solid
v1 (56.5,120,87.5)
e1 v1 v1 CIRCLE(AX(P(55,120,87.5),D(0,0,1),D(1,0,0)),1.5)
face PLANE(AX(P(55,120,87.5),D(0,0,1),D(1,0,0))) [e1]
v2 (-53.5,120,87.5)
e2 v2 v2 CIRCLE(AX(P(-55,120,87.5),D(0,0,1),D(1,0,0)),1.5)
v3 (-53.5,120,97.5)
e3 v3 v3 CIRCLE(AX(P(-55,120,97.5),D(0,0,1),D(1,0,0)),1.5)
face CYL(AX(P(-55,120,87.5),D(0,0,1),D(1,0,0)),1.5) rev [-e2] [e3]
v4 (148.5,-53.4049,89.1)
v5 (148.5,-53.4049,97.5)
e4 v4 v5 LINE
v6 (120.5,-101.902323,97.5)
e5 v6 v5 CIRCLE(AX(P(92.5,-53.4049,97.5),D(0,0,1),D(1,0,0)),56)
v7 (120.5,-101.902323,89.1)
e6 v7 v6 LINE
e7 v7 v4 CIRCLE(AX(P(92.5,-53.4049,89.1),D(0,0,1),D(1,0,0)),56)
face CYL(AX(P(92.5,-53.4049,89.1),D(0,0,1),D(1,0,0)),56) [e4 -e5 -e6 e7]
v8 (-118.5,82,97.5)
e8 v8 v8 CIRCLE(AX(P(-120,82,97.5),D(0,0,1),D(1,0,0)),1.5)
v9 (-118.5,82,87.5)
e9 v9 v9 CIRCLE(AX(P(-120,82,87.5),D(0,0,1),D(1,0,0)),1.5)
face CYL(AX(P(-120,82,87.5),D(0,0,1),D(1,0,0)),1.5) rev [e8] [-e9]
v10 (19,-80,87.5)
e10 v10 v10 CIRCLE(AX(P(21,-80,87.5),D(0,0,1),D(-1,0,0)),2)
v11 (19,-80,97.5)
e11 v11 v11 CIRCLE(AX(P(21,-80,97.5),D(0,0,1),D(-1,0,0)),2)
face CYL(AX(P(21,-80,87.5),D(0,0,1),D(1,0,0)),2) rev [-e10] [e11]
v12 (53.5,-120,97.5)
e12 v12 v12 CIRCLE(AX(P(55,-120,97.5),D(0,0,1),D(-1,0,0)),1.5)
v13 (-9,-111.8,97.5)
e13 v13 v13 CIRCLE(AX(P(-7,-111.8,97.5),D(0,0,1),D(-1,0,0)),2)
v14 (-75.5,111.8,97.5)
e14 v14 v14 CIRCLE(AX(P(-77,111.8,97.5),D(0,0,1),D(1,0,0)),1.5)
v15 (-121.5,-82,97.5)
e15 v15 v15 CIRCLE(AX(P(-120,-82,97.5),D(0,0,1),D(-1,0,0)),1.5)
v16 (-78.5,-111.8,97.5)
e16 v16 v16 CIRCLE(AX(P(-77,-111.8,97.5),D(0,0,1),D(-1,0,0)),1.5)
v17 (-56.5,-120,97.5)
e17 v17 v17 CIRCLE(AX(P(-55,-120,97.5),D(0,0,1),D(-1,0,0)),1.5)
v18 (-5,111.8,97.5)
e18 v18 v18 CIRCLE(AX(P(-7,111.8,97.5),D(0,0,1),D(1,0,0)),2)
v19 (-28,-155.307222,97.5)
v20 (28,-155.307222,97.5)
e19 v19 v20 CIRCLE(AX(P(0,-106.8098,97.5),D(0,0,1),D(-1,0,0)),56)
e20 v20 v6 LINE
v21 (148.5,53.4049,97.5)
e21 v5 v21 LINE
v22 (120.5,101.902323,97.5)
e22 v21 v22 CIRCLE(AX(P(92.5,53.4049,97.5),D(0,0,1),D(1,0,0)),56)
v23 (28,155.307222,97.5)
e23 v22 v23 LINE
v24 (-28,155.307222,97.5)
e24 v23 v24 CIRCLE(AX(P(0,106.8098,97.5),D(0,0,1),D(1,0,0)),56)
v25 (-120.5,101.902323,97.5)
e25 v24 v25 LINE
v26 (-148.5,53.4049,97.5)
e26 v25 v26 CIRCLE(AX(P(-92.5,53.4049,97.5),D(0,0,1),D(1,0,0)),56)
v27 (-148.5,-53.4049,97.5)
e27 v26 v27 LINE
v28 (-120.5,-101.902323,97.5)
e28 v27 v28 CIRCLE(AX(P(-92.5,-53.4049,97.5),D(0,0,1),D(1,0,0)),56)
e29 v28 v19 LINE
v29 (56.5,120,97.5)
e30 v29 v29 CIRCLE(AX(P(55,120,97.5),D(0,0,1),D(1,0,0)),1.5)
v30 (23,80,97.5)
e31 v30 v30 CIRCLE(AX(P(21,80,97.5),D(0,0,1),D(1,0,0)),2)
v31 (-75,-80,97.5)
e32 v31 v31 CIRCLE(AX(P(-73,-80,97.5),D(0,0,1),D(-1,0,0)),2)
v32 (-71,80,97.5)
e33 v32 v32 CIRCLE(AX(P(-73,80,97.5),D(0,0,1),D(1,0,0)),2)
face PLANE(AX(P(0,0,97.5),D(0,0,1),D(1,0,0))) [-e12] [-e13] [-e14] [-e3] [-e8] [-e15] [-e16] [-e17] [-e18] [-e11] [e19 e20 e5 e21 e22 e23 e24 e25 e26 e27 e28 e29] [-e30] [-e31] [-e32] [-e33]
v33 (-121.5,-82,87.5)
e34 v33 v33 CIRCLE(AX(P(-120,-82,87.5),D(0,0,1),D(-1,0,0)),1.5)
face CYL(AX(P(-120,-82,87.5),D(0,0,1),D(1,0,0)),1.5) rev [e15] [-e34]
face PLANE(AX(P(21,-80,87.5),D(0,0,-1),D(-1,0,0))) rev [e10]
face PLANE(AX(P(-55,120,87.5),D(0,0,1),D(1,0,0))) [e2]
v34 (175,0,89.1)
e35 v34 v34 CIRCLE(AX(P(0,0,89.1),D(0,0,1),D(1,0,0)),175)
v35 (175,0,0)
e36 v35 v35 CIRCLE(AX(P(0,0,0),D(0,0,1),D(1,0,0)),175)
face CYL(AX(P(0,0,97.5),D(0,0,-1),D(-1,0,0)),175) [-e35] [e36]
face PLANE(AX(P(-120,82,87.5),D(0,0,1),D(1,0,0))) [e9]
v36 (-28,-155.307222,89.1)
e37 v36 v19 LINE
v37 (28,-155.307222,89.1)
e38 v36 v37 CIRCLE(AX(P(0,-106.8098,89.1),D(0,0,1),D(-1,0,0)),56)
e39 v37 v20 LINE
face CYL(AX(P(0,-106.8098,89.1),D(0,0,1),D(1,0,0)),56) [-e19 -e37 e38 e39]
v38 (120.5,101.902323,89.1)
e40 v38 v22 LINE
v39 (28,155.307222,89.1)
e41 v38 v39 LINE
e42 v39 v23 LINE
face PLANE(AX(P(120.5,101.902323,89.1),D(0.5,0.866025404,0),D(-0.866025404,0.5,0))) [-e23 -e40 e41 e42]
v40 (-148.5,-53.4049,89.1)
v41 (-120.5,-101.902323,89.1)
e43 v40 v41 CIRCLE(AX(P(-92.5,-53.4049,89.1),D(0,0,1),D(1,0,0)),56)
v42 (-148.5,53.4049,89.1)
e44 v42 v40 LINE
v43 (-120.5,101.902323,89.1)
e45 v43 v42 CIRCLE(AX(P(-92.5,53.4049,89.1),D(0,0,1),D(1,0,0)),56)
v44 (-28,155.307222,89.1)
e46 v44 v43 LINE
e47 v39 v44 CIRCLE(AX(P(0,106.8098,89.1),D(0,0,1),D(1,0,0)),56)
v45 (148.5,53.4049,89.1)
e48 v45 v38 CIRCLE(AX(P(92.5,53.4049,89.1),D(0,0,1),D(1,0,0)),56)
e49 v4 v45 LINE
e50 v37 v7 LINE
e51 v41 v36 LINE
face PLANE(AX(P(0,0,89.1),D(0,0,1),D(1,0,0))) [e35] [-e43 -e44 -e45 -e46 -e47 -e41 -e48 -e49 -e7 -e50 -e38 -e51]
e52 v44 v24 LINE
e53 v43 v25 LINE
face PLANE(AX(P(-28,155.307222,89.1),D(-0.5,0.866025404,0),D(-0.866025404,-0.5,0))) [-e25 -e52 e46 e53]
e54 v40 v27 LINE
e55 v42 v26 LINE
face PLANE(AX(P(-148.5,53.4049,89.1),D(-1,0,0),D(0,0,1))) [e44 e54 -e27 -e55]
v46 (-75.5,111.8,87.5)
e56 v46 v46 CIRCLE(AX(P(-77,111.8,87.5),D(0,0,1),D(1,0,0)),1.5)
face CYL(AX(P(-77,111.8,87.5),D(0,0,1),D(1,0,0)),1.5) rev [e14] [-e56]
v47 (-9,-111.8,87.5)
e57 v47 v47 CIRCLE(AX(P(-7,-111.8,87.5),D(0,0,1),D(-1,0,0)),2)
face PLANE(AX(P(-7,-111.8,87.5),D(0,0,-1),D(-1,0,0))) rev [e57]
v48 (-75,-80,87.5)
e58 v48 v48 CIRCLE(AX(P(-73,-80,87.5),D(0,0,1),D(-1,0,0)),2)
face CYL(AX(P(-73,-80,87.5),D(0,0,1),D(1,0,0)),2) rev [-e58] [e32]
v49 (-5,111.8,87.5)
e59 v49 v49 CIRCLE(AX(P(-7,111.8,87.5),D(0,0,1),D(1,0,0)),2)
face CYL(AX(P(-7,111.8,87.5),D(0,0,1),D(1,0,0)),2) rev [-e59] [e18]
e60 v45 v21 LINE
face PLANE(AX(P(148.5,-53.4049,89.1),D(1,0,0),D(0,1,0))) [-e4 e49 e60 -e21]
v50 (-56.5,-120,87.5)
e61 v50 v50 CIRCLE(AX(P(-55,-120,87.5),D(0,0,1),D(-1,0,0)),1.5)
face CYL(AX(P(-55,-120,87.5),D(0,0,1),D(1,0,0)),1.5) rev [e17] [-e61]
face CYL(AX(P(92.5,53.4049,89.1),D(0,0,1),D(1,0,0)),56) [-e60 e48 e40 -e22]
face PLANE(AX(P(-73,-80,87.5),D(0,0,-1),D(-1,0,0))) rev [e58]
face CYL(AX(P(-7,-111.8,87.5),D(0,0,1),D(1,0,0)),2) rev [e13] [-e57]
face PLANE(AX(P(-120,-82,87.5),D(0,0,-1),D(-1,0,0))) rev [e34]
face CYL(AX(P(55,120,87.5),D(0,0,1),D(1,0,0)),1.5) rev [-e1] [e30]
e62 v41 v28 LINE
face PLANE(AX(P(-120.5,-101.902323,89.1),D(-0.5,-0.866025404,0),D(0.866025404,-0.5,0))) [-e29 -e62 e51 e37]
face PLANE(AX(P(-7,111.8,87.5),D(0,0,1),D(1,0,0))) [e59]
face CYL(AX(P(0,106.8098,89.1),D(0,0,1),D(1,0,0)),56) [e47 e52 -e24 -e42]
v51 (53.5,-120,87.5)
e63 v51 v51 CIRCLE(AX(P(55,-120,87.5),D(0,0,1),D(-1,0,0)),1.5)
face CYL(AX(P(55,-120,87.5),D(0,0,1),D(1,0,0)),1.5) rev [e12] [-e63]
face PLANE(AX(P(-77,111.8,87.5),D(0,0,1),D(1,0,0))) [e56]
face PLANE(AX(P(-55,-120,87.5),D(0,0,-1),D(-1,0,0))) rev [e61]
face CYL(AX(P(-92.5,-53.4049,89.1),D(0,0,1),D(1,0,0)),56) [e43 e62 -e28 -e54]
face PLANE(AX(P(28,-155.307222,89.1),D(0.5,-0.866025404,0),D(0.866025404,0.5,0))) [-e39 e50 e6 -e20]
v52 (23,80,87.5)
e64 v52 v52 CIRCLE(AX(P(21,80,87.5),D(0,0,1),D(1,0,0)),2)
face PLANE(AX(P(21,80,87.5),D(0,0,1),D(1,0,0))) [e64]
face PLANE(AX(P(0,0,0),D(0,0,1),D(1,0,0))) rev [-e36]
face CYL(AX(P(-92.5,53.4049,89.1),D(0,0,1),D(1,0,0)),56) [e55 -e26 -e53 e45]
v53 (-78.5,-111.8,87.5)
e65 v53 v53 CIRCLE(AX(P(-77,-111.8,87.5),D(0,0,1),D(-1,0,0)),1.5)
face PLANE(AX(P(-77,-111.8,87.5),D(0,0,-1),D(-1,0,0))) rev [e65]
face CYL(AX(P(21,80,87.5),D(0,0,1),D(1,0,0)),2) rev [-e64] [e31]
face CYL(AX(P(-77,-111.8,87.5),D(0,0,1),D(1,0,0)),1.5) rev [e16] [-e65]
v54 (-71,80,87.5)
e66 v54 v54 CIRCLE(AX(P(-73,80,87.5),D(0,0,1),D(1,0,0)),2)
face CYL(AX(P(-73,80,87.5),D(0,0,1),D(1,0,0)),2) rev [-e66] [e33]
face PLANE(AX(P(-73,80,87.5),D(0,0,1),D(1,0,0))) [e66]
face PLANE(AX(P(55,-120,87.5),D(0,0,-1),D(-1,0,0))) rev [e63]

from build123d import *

# Parameters (mm, degrees)
ESBO_O1_R                = 175
RESSALTO_EXTRUS_O1_DEPTH = 97.5
ESBO_O4_R                = 1.5
ESBO_O4_R_2              = 2
CORTE_EXTRUS_O1_DEPTH    = 10
ESBO_O5_OUTSIDE_W        = 452.898
ESBO_O5_OUTSIDE_H        = 452.898
CORTE_EXTRUS_O2_DEPTH    = 8.4


with BuildPart() as part:
    # Esboço1 → Ressalto-extrusão1 (new body)
    with BuildSketch(Plane.XY):
        Circle(ESBO_O1_R)
    extrude(amount=RESSALTO_EXTRUS_O1_DEPTH)

    # Esboço4 → Corte-extrusão1 (cut)
    with BuildSketch(Plane.XY.offset(97.5)):
        with Locations((-120, 82)):
            Circle(ESBO_O4_R)
        with Locations((-55, 120)):
            Circle(ESBO_O4_R)
        with Locations((-77, 111.8)):
            Circle(ESBO_O4_R)
        with Locations((55, 120)):
            Circle(ESBO_O4_R)
        with Locations((-7, 111.8)):
            Circle(ESBO_O4_R_2)
        with Locations((-73, 80)):
            Circle(ESBO_O4_R_2)
        with Locations((21, 80)):
            Circle(ESBO_O4_R_2)
        with Locations(Location((21, -80, 0), (0, 0, 180))):
            Circle(ESBO_O4_R_2)
        with Locations(Location((-73, -80, 0), (0, 0, 180))):
            Circle(ESBO_O4_R_2)
        with Locations(Location((-7, -111.8, 0), (0, 0, 180))):
            Circle(ESBO_O4_R_2)
        with Locations(Location((55, -120, 0), (0, 0, 180))):
            Circle(ESBO_O4_R)
        with Locations(Location((-77, -111.8, 0), (0, 0, 180))):
            Circle(ESBO_O4_R)
        with Locations(Location((-55, -120, 0), (0, 0, 180))):
            Circle(ESBO_O4_R)
        with Locations(Location((-120, -82, 0), (0, 0, 180))):
            Circle(ESBO_O4_R)
    extrude(amount=-CORTE_EXTRUS_O1_DEPTH, mode=Mode.SUBTRACT)

    # Esboço5 outside → Corte-extrusão2 (cut)
    with BuildSketch(Plane.XY.offset(97.5)):
        Rectangle(ESBO_O5_OUTSIDE_W, ESBO_O5_OUTSIDE_H)
        with BuildLine():
            Line((28, -155.307222412), (120.5, -101.902322512))
            ThreePointArc((120.5, -101.902322512), (140.997422612, -81.4048999), (148.5, -53.4048999))
            Line((148.5, -53.4048999), (148.5, 53.4048999))
            ThreePointArc((148.5, 53.4048999), (140.997422612, 81.4048999), (120.5, 101.902322512))
            Line((120.5, 101.902322512), (28, 155.307222412))
            ThreePointArc((28, 155.307222412), (0, 162.8097998), (-28, 155.307222412))
            Line((-28, 155.307222412), (-120.5, 101.902322512))
            ThreePointArc((-120.5, 101.902322512), (-140.997422612, 81.4048999), (-148.5, 53.4048999))
            Line((-148.5, 53.4048999), (-148.5, -53.4048999))
            ThreePointArc((-148.5, -53.4048999), (-140.997422612, -81.4048999), (-120.5, -101.902322512))
            Line((-120.5, -101.902322512), (-28, -155.307222412))
            ThreePointArc((-28, -155.307222412), (0, -162.8097998), (28, -155.307222412))
        make_face(mode=Mode.SUBTRACT)
    extrude(amount=-CORTE_EXTRUS_O2_DEPTH, mode=Mode.SUBTRACT)


solid = part.part
